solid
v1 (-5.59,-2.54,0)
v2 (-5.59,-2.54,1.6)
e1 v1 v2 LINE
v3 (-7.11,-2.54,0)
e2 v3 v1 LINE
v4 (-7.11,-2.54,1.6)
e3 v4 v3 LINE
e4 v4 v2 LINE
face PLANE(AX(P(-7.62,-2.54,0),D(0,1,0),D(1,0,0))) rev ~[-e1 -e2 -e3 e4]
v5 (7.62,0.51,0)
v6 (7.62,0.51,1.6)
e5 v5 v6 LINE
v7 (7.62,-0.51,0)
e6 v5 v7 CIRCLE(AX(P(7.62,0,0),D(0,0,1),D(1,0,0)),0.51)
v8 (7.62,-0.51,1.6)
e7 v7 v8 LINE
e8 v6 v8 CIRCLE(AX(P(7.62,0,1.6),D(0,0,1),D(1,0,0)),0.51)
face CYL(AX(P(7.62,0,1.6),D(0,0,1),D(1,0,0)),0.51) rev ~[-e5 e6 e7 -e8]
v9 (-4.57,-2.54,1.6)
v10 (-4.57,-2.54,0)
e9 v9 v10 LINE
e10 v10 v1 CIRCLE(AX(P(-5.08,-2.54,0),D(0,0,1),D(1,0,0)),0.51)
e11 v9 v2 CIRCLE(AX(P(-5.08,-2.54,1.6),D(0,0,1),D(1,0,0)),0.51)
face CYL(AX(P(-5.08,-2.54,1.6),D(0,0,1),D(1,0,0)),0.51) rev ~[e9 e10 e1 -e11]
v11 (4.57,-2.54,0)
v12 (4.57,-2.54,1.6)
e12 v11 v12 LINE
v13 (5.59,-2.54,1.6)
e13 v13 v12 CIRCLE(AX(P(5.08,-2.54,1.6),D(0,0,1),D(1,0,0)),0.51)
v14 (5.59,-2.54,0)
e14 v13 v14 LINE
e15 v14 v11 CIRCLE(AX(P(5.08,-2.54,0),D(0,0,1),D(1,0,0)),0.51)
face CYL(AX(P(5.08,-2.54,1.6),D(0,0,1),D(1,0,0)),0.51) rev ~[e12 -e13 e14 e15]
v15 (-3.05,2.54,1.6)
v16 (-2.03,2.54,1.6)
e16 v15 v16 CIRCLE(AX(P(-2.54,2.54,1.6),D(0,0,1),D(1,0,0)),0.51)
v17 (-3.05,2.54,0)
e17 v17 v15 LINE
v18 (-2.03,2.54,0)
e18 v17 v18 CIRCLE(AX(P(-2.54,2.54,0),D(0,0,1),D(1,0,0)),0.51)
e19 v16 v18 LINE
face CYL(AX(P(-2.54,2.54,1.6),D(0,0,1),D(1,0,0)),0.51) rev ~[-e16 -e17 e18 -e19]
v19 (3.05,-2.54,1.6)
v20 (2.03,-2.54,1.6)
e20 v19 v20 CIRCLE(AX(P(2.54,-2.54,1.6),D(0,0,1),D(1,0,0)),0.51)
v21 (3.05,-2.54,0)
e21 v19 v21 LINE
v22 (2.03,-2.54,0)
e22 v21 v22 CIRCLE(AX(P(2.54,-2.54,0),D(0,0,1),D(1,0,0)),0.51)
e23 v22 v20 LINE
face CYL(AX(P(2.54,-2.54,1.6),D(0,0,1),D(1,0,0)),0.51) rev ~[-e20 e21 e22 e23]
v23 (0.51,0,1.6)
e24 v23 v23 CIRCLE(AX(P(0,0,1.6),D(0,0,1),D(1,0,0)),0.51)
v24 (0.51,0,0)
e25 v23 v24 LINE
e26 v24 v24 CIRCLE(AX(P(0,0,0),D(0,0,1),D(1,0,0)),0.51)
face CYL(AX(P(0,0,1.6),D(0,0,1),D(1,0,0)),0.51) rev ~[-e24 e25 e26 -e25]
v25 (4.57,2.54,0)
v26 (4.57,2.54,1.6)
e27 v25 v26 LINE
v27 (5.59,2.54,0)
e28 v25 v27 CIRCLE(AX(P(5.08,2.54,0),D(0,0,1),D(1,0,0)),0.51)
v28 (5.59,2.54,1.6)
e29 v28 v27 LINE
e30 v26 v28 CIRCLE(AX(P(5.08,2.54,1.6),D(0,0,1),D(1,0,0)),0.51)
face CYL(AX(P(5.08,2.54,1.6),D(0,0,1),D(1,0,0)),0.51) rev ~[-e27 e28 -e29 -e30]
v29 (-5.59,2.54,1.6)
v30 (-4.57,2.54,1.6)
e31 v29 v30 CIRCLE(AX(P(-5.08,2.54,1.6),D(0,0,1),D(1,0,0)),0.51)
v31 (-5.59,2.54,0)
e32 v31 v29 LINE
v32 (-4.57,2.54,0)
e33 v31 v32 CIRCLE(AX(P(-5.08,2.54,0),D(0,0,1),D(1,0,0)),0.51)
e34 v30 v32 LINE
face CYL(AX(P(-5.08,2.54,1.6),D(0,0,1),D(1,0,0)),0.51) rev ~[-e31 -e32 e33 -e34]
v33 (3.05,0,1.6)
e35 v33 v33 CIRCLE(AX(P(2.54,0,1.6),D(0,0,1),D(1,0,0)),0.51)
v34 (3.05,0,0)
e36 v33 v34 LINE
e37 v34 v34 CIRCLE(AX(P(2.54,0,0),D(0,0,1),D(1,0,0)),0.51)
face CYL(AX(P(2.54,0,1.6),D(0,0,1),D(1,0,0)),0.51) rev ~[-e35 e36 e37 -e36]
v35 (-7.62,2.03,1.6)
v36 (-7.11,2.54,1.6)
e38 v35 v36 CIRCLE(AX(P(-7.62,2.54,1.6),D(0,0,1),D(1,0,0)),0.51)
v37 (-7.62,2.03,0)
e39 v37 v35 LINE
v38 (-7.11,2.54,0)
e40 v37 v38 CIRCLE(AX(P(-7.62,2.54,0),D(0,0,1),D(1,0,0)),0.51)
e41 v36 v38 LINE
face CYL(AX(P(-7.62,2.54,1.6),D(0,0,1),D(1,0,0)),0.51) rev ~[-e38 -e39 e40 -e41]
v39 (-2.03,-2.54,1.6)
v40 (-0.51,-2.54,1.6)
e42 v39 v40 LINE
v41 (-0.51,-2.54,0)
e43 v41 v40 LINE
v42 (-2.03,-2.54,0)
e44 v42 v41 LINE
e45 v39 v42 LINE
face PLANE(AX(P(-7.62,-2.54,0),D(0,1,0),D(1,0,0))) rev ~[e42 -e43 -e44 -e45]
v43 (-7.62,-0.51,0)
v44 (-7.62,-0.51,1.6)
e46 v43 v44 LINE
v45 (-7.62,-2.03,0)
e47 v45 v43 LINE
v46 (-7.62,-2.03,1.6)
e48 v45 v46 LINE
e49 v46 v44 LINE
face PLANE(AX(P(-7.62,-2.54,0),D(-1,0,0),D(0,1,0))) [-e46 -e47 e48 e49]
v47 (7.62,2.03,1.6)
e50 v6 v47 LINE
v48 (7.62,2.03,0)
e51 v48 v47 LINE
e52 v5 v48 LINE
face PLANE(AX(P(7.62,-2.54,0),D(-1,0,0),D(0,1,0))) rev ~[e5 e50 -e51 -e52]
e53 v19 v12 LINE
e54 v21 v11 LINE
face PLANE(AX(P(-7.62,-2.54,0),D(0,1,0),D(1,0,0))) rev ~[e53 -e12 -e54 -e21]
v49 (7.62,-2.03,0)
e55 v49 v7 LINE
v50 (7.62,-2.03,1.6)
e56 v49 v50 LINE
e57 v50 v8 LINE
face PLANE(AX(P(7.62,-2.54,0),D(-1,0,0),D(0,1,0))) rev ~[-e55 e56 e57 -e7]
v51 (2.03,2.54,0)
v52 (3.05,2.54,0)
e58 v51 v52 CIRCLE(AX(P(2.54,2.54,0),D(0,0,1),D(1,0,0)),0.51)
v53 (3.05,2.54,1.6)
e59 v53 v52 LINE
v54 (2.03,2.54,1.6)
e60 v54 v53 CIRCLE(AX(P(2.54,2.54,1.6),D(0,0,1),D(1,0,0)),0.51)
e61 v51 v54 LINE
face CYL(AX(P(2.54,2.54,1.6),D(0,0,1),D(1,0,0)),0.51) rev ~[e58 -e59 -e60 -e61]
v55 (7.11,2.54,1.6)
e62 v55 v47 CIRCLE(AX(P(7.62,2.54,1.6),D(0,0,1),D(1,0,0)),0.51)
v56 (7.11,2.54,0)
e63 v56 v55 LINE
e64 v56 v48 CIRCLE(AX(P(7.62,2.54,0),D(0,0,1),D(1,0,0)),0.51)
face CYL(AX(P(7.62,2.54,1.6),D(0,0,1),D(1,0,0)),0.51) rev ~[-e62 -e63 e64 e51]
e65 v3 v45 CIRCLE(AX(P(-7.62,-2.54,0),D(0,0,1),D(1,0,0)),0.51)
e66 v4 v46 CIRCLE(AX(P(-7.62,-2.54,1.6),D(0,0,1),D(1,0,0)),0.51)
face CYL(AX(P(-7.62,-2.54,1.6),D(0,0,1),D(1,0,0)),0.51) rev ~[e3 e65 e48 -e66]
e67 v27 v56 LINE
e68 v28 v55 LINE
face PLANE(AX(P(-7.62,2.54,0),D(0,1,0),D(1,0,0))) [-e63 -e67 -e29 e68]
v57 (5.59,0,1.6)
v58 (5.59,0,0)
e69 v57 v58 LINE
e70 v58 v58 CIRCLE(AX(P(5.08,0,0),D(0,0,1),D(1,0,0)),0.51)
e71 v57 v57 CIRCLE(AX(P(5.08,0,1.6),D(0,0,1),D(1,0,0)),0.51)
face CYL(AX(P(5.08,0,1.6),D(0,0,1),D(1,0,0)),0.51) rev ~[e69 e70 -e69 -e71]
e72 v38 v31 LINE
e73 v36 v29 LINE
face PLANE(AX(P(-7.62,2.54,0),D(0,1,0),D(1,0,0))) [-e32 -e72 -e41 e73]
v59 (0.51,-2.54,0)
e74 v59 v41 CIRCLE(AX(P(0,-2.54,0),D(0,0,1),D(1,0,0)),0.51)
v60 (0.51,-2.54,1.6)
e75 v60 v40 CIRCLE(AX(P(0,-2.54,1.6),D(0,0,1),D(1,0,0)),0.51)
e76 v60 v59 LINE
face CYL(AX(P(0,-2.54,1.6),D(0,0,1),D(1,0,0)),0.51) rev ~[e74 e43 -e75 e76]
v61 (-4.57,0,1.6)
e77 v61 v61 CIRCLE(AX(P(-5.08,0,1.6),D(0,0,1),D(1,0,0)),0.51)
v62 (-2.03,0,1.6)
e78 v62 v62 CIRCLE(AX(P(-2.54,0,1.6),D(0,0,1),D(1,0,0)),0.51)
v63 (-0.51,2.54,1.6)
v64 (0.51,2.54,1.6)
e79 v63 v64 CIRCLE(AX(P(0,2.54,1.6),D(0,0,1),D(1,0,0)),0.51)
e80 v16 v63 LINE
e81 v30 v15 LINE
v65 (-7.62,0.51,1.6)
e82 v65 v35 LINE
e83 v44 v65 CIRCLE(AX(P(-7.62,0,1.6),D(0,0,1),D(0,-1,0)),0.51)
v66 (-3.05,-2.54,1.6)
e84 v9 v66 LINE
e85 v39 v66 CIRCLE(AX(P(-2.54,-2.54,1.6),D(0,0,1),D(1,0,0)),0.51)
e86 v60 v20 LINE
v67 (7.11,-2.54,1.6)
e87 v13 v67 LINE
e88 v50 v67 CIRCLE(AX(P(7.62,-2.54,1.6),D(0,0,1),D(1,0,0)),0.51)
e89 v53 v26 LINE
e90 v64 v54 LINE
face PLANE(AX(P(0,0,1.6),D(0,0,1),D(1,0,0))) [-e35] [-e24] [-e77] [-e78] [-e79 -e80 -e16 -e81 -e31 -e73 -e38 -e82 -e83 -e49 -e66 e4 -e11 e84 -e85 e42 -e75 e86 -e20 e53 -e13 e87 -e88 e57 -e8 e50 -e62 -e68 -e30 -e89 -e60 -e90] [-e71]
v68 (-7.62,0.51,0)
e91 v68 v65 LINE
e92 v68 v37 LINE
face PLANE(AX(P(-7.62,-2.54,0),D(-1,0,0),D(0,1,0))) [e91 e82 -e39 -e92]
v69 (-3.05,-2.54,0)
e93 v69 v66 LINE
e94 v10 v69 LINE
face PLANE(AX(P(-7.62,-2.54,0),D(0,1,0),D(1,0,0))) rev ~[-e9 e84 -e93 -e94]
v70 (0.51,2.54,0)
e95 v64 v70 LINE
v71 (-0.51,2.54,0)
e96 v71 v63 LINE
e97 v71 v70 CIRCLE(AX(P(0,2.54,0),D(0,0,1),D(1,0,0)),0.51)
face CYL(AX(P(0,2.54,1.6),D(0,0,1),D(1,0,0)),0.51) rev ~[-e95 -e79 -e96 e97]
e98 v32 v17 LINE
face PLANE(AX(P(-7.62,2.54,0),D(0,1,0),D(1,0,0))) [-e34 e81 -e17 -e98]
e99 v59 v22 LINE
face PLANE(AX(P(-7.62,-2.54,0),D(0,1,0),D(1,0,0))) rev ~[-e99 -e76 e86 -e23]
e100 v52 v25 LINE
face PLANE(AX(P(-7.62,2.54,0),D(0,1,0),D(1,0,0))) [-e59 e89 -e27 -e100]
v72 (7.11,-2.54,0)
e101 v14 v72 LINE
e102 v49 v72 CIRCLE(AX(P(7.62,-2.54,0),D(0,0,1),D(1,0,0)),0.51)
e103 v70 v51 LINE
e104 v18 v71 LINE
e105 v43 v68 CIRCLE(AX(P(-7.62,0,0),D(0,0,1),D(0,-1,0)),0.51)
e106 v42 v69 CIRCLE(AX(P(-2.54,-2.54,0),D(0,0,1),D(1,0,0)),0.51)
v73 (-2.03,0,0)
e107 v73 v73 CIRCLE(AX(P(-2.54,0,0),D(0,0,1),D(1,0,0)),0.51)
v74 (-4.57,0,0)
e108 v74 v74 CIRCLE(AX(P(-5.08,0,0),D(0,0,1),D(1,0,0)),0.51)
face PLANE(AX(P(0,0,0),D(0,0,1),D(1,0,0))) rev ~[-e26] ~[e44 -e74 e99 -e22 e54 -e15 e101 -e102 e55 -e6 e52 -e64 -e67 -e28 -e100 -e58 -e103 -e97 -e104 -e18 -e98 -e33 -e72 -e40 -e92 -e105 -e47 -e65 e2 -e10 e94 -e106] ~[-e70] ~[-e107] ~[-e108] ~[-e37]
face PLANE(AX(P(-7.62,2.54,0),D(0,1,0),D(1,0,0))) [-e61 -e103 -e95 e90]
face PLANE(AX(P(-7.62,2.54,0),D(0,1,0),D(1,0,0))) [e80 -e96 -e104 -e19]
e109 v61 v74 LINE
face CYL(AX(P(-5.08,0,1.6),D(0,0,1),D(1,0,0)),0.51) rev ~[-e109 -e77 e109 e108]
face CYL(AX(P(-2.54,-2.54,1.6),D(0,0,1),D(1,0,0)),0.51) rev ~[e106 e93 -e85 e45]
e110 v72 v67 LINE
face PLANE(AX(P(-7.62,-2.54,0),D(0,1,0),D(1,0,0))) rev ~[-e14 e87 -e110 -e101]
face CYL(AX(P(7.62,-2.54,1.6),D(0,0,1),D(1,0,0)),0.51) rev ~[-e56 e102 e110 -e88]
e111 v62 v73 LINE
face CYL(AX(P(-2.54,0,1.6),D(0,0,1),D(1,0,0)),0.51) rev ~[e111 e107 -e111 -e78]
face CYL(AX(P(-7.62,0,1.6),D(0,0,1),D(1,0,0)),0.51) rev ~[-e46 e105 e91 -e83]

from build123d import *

# Parameters (mm, degrees)
SKETCH_W                     = 15.24
SKETCH_H                     = 5.08
PAD_DEPTH                    = 1.6
SKETCH001_R                  = 0.51
POCKET_DEPTH                 = 33.888707
SKETCH001_LINEARPATTERN_2_R  = 0.51
POCKET_LINEARPATTERN_2_DEPTH = 33.888707
SKETCH001_LINEARPATTERN_3_R  = 0.51
POCKET_LINEARPATTERN_3_DEPTH = 33.888707
SKETCH001_LINEARPATTERN_4_R  = 0.51
POCKET_LINEARPATTERN_4_DEPTH = 33.888707
SKETCH001_LINEARPATTERN_5_R  = 0.51
POCKET_LINEARPATTERN_5_DEPTH = 33.888707
SKETCH001_LINEARPATTERN_6_R  = 0.51
POCKET_LINEARPATTERN_6_DEPTH = 33.888707
SKETCH001_LINEARPATTERN_7_R  = 0.51
POCKET_LINEARPATTERN_7_DEPTH = 33.888707
LINEARPATTERN003_COUNT       = 3
LINEARPATTERN003_PITCH       = 2.54


with BuildPart() as part:
    # Sketch → Pad (new body)
    with BuildSketch(Plane.XY):
        Rectangle(SKETCH_W, SKETCH_H)
    extrude(amount=PAD_DEPTH)

    # Sketch001 → Pocket (cut, through all)
    with BuildSketch(Plane.XY.offset(1.6)):
        with Locations((-7.62, 2.54)):
            Circle(SKETCH001_R)
    pocket = extrude(amount=-POCKET_DEPTH, mode=Mode.SUBTRACT)

    # Sketch001 LinearPattern 2 → Pocket LinearPattern 2 (cut, through all)
    with BuildSketch(Plane(origin=(2.54, 0, 1.6), x_dir=(1, 0, 0), z_dir=(0, 0, 1))):
        with Locations((-7.62, 2.54)):
            Circle(SKETCH001_LINEARPATTERN_2_R)
    pocket_linearpattern_2 = extrude(amount=-POCKET_LINEARPATTERN_2_DEPTH, mode=Mode.SUBTRACT)

    # Sketch001 LinearPattern 3 → Pocket LinearPattern 3 (cut, through all)
    with BuildSketch(Plane(origin=(5.08, 0, 1.6), x_dir=(1, 0, 0), z_dir=(0, 0, 1))):
        with Locations((-7.62, 2.54)):
            Circle(SKETCH001_LINEARPATTERN_3_R)
    pocket_linearpattern_3 = extrude(amount=-POCKET_LINEARPATTERN_3_DEPTH, mode=Mode.SUBTRACT)

    # Sketch001 LinearPattern 4 → Pocket LinearPattern 4 (cut, through all)
    with BuildSketch(Plane(origin=(7.62, 0, 1.6), x_dir=(1, 0, 0), z_dir=(0, 0, 1))):
        with Locations((-7.62, 2.54)):
            Circle(SKETCH001_LINEARPATTERN_4_R)
    pocket_linearpattern_4 = extrude(amount=-POCKET_LINEARPATTERN_4_DEPTH, mode=Mode.SUBTRACT)

    # Sketch001 LinearPattern 5 → Pocket LinearPattern 5 (cut, through all)
    with BuildSketch(Plane(origin=(10.16, 0, 1.6), x_dir=(1, 0, 0), z_dir=(0, 0, 1))):
        with Locations((-7.62, 2.54)):
            Circle(SKETCH001_LINEARPATTERN_5_R)
    pocket_linearpattern_5 = extrude(amount=-POCKET_LINEARPATTERN_5_DEPTH, mode=Mode.SUBTRACT)

    # Sketch001 LinearPattern 6 → Pocket LinearPattern 6 (cut, through all)
    with BuildSketch(Plane(origin=(12.7, 0, 1.6), x_dir=(1, 0, 0), z_dir=(0, 0, 1))):
        with Locations((-7.62, 2.54)):
            Circle(SKETCH001_LINEARPATTERN_6_R)
    pocket_linearpattern_6 = extrude(amount=-POCKET_LINEARPATTERN_6_DEPTH, mode=Mode.SUBTRACT)

    # Sketch001 LinearPattern 7 → Pocket LinearPattern 7 (cut, through all)
    with BuildSketch(Plane(origin=(15.24, 0, 1.6), x_dir=(1, 0, 0), z_dir=(0, 0, 1))):
        with Locations((-7.62, 2.54)):
            Circle(SKETCH001_LINEARPATTERN_7_R)
    pocket_linearpattern_7 = extrude(amount=-POCKET_LINEARPATTERN_7_DEPTH, mode=Mode.SUBTRACT)

    # LinearPattern003: Pocket, Pocket LinearPattern 2, Pocket LinearPattern 3, Pocket LinearPattern 4, Pocket LinearPattern 5, Pocket LinearPattern 6, Pocket LinearPattern 7 ×3
    with Locations(*[(0, -i * LINEARPATTERN003_PITCH, 0) for i in range(1, LINEARPATTERN003_COUNT)]):
        add(pocket, mode=Mode.SUBTRACT)
        add(pocket_linearpattern_2, mode=Mode.SUBTRACT)
        add(pocket_linearpattern_3, mode=Mode.SUBTRACT)
        add(pocket_linearpattern_4, mode=Mode.SUBTRACT)
        add(pocket_linearpattern_5, mode=Mode.SUBTRACT)
        add(pocket_linearpattern_6, mode=Mode.SUBTRACT)
        add(pocket_linearpattern_7, mode=Mode.SUBTRACT)


solid = part.part
